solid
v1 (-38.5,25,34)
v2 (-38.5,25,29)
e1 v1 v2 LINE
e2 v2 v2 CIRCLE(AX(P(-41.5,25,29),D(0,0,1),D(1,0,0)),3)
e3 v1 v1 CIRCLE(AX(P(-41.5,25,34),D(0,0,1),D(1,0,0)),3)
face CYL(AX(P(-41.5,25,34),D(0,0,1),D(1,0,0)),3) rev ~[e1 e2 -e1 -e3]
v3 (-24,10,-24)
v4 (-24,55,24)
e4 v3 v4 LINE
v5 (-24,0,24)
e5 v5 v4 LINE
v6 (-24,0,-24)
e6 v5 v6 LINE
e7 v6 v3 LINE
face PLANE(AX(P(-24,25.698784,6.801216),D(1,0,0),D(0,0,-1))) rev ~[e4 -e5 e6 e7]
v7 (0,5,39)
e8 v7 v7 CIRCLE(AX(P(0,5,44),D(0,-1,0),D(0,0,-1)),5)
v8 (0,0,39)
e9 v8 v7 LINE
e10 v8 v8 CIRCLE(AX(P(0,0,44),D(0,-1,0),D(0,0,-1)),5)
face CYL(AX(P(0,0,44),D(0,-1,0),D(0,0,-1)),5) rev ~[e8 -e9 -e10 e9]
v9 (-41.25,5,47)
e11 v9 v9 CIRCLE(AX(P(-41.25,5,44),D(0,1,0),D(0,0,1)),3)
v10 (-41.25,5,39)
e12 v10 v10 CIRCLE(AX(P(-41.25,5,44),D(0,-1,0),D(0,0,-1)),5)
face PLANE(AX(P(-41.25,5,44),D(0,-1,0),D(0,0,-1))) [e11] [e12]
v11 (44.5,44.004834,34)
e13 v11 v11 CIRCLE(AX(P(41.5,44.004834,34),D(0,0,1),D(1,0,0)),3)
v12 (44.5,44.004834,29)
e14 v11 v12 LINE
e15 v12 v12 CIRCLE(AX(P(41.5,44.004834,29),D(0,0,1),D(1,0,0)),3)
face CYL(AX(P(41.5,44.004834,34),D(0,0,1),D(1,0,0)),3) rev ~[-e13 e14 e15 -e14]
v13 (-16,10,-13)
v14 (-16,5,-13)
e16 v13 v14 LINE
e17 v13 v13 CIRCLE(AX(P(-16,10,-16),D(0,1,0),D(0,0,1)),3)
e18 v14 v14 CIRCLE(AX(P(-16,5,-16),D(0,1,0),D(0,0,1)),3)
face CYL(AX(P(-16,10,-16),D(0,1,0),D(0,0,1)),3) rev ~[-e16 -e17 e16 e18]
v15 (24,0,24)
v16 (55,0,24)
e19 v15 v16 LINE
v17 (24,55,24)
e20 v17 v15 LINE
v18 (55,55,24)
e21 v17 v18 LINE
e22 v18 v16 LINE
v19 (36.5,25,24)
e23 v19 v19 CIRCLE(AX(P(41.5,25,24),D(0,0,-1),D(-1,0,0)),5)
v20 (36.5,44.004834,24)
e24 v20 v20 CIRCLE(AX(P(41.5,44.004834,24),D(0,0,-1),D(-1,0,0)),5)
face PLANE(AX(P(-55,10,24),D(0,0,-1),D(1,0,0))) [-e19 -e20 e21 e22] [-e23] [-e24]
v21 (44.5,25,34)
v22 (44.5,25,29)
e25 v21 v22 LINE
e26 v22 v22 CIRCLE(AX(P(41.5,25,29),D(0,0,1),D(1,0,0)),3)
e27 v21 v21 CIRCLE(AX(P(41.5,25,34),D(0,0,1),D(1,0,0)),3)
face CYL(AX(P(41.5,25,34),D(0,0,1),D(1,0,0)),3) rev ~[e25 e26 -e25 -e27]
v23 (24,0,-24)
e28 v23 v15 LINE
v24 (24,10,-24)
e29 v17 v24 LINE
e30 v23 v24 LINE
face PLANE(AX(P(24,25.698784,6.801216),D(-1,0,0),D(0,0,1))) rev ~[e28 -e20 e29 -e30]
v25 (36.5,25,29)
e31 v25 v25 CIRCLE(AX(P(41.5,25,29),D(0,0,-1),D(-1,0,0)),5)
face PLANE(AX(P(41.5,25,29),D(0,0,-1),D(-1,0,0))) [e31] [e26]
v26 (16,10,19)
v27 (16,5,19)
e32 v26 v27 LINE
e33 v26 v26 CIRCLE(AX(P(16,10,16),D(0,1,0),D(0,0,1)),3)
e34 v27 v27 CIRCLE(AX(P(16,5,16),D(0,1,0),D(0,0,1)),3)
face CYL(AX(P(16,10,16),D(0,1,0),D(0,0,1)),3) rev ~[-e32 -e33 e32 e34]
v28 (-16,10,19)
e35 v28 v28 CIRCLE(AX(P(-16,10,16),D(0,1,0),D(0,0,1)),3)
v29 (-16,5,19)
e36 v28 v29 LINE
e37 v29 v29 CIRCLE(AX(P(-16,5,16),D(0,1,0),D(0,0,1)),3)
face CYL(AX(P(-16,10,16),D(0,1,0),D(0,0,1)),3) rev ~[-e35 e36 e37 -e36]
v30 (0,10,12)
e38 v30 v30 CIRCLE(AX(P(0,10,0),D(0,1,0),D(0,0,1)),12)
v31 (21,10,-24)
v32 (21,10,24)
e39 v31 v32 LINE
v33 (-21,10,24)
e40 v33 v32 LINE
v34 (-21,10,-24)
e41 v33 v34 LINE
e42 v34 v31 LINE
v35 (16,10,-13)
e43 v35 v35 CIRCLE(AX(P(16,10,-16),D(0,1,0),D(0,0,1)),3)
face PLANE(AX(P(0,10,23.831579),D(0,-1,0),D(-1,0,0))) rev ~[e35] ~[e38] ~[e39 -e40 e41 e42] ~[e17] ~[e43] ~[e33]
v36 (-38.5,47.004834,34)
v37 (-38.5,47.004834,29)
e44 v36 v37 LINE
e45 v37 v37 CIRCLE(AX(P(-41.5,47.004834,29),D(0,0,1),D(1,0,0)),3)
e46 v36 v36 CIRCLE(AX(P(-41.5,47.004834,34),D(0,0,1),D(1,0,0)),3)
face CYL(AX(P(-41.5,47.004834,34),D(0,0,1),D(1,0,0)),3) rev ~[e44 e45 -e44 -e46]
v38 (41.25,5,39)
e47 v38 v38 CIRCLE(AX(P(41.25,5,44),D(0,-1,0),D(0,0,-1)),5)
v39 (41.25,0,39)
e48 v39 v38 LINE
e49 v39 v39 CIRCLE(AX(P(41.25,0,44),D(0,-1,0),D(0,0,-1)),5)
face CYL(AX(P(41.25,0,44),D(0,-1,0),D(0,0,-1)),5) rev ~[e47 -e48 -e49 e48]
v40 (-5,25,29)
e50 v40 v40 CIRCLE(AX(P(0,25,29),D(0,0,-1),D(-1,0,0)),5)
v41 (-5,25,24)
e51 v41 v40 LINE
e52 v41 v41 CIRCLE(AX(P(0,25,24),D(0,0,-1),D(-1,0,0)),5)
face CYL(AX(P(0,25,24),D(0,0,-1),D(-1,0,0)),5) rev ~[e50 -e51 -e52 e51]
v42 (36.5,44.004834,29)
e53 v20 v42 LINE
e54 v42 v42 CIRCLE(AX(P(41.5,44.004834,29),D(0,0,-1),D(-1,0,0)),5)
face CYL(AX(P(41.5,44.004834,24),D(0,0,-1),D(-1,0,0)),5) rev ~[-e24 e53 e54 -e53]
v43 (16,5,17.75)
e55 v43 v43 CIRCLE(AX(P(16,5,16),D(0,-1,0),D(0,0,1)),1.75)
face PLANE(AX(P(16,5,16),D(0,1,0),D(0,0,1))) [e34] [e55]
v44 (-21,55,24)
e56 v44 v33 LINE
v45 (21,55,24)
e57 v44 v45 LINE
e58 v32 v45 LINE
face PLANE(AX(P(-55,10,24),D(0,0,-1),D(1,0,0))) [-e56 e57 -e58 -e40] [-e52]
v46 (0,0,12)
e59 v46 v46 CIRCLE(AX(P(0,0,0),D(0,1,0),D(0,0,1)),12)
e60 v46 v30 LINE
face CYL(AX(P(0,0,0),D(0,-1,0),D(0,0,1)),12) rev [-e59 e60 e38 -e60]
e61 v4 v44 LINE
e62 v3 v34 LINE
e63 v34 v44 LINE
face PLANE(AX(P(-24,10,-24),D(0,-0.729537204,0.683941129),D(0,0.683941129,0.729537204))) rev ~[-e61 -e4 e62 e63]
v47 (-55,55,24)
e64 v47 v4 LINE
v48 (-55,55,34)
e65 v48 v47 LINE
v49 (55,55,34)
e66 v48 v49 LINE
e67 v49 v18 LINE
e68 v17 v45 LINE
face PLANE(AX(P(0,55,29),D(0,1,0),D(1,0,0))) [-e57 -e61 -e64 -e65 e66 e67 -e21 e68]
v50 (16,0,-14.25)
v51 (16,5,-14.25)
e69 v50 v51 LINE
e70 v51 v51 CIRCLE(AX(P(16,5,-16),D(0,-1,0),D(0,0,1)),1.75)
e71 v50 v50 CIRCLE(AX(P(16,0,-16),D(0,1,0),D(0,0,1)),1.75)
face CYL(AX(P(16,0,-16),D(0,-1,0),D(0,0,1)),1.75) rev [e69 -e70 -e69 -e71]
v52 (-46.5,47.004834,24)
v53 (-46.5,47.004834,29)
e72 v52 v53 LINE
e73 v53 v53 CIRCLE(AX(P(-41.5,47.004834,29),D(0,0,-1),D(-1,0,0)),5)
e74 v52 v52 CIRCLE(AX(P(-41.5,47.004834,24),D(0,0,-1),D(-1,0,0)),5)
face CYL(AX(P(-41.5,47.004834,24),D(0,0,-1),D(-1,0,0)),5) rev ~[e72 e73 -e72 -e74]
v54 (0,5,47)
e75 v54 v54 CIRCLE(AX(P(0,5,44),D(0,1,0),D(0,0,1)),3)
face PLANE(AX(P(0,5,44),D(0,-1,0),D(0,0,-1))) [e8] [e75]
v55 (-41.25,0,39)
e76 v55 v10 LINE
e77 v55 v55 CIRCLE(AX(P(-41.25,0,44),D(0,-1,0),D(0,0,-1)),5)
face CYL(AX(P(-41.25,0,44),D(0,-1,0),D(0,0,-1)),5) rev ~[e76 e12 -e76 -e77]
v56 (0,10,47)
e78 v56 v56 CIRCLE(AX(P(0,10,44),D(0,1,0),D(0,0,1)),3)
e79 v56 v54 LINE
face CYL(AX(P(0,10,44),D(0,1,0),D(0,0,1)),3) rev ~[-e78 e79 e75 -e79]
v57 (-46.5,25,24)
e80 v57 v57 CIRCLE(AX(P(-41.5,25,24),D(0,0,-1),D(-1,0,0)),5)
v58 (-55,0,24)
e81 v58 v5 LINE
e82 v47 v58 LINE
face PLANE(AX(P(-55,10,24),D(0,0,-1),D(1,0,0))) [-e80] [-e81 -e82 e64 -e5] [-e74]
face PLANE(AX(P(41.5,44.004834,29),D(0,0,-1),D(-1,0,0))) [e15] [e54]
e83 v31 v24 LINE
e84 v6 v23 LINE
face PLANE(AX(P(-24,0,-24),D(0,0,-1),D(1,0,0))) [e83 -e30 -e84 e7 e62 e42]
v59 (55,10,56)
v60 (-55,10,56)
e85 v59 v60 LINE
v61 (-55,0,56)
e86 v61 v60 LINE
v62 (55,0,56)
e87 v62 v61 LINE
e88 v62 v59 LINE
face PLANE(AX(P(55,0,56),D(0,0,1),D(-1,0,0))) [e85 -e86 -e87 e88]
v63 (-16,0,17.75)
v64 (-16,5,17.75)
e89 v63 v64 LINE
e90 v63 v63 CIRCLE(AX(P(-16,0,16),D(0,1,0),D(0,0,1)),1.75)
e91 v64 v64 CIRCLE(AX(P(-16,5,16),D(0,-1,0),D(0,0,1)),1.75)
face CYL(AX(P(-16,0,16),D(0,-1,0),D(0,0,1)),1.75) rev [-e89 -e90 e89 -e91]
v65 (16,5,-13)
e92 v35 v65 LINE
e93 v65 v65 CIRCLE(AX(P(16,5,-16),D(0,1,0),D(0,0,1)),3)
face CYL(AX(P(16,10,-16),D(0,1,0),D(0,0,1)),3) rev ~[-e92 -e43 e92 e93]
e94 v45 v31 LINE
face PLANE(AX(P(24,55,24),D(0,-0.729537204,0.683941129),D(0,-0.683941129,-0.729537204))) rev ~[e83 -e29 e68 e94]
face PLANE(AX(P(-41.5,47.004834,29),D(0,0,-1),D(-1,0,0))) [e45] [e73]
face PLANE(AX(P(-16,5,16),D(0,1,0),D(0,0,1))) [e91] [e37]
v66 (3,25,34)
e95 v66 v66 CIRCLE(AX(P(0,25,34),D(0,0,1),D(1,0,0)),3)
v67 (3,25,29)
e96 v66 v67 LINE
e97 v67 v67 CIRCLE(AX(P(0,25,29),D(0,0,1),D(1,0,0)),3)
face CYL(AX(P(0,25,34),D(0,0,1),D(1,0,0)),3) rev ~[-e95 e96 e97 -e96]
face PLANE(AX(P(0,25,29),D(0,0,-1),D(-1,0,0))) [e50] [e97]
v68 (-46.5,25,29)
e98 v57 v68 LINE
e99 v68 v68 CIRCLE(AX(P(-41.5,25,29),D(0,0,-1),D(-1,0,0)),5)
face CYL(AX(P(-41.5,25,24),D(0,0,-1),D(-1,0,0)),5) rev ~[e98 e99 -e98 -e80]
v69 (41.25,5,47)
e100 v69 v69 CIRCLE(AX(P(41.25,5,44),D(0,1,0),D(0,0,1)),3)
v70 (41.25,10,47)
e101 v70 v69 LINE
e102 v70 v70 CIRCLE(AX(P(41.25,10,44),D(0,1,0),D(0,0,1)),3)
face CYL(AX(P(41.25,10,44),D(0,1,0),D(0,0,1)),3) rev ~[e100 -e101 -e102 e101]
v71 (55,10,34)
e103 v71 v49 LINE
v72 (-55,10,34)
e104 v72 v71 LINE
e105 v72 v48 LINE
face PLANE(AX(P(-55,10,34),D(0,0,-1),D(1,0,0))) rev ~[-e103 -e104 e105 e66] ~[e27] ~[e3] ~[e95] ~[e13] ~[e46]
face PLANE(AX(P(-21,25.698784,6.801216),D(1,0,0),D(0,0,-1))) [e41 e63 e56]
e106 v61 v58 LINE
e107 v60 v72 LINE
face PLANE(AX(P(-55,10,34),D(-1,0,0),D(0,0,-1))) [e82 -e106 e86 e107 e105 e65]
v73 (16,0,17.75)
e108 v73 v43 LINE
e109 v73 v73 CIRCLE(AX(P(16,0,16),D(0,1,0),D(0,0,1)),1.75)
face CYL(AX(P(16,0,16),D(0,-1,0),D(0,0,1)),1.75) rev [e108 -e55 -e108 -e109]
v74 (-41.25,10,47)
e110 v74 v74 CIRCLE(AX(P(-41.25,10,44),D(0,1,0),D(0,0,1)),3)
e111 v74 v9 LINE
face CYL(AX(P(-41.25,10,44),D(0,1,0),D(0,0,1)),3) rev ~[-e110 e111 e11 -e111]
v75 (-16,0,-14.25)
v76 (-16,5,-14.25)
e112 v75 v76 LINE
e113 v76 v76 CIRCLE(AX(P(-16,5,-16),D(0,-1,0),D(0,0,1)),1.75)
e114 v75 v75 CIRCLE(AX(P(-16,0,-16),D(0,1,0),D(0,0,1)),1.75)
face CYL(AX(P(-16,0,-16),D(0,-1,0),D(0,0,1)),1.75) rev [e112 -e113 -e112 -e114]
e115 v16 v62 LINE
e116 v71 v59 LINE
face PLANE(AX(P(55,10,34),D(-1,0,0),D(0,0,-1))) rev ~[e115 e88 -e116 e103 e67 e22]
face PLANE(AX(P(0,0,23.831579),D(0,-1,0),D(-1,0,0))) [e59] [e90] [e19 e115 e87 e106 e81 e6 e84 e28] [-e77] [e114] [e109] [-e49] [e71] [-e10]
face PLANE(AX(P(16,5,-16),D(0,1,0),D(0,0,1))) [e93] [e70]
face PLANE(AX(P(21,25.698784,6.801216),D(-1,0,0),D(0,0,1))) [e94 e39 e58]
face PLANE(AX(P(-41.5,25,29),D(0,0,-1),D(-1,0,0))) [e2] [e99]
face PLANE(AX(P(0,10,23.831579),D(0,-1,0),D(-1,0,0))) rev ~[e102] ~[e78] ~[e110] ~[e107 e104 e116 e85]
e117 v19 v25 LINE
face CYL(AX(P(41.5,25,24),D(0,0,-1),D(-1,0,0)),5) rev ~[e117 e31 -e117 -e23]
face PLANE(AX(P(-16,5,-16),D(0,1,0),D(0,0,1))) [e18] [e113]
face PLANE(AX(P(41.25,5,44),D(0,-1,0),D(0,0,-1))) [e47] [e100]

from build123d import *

# Parameters (mm, degrees)
SKETCH_1_R           = 12
SKETCH_1_R_2         = 1.75
EXTRUDE_1_DEPTH      = 10
SKETCH_2_W           = 110
SKETCH_2_H           = 10
EXTRUDE_2_DEPTH      = 45
SKETCH_5_R           = 3
CUT_EXTRUDE_2_DEPTH  = 91.47651629
SKETCH_6_R           = 5
CUT_EXTRUDE_3_DEPTH  = 5
SKETCH_7_R           = 3
CUT_EXTRUDE_4_DEPTH  = 98.025769773
SKETCH_8_R           = 5
CUT_EXTRUDE_5_DEPTH  = 5
EXTRUDE_3_DEPTH      = 3
EXTRUDE_4_DEPTH      = 3
SKETCH_14_R          = 3
CUT_EXTRUDE_9_DEPTH  = 98.025769773
SKETCH_15_R          = 5
CUT_EXTRUDE_10_DEPTH = 5
SKETCH_16_R          = 3
CUT_EXTRUDE_11_DEPTH = 5


with BuildPart() as part:
    # Эскиз1 → Бобышка-Вытянуть1 (new body)
    with BuildSketch(Plane(origin=(0, 0, 0), x_dir=(1, 0, 0), z_dir=(0, 1, 0))):
        Polygon((-24, 24), (24, 24), (24, -24), (55, -24), (55, -56), (-55, -56), (-55, -24), (-24, -24), align=None)
        with Locations(Location((0, 0, 0), (0, 0, 270))):
            Circle(SKETCH_1_R, mode=Mode.SUBTRACT)
        with Locations(Location((-16, 16, 0), (0, 0, 270))):
            Circle(SKETCH_1_R_2, mode=Mode.SUBTRACT)
        with Locations(Location((16, 16, 0), (0, 0, 270))):
            Circle(SKETCH_1_R_2, mode=Mode.SUBTRACT)
        with Locations(Location((16, -16, 0), (0, 0, 270))):
            Circle(SKETCH_1_R_2, mode=Mode.SUBTRACT)
        with Locations(Location((-16, -16, 0), (0, 0, 270))):
            Circle(SKETCH_1_R_2, mode=Mode.SUBTRACT)
    extrude(amount=EXTRUDE_1_DEPTH)

    # Эскиз2 → Бобышка-Вытянуть2 (add)
    with BuildSketch(Plane(origin=(0, 10, 0), x_dir=(1, 0, 0), z_dir=(0, 1, 0))):
        with Locations((0, -29)):
            Rectangle(SKETCH_2_W, SKETCH_2_H)
    extrude(amount=EXTRUDE_2_DEPTH)

    # Эскиз5 → Вырез-Вытянуть2 (cut, through all)
    with BuildSketch(Plane(origin=(0, 10, 0), x_dir=(1, 0, 0), z_dir=(0, 1, 0))):
        with Locations(Location((-41.25, -44, 0), (0, 0, 270))):
            Circle(SKETCH_5_R)
        with Locations(Location((0, -44, 0), (0, 0, 270))):
            Circle(SKETCH_5_R)
        with Locations(Location((41.25, -44, 0), (0, 0, 270))):
            Circle(SKETCH_5_R)
    extrude(amount=-CUT_EXTRUDE_2_DEPTH, mode=Mode.SUBTRACT)

    # Эскиз6 → Вырез-Вытянуть3 (cut)
    with BuildSketch(Plane.XZ):
        with Locations(Location((-41.25, 44, 0), (0, 0, 270))):
            Circle(SKETCH_6_R)
        with Locations(Location((0, 44, 0), (0, 0, 270))):
            Circle(SKETCH_6_R)
        with Locations(Location((41.25, 44, 0), (0, 0, 270))):
            Circle(SKETCH_6_R)
    extrude(amount=-CUT_EXTRUDE_3_DEPTH, mode=Mode.SUBTRACT)

    # Эскиз7 → Вырез-Вытянуть4 (cut, through all)
    with BuildSketch(Plane.XY.offset(34)):
        with Locations((-41.5, 25)):
            Circle(SKETCH_7_R)
        with Locations((41.5, 25)):
            Circle(SKETCH_7_R)
        with Locations((0, 25)):
            Circle(SKETCH_7_R)
    extrude(amount=-CUT_EXTRUDE_4_DEPTH, mode=Mode.SUBTRACT)

    # Эскиз8 → Вырез-Вытянуть5 (cut)
    with BuildSketch(Plane(origin=(0, 0, 24), x_dir=(-1, 0, 0), z_dir=(0, 0, -1))):
        with Locations((-41.5, 25)):
            Circle(SKETCH_8_R)
        with Locations((0, 25)):
            Circle(SKETCH_8_R)
        with Locations((41.5, 25)):
            Circle(SKETCH_8_R)
    extrude(amount=-CUT_EXTRUDE_5_DEPTH, mode=Mode.SUBTRACT)

    # Эскиз10 → Бобышка-Вытянуть3 (add)
    with BuildSketch(Plane(origin=(24, 0, 0), x_dir=(0, 0, -1), z_dir=(1, 0, 0))):
        Polygon((-24, 10), (-24, 55), (24, 10), align=None)
    extrude(amount=-EXTRUDE_3_DEPTH)

    # Эскиз11 → Бобышка-Вытянуть4 (add)
    with BuildSketch(Plane.ZY.offset(24)):
        Polygon((24, 10), (-24, 10), (24, 55), align=None)
    extrude(amount=-EXTRUDE_4_DEPTH)

    # Эскиз14 → Вырез-Вытянуть9 (cut, through all)
    with BuildSketch(Plane.XY.offset(34)):
        with Locations((-41.5, 47.004834378)):
            Circle(SKETCH_14_R)
        with Locations((41.5, 44.004834378)):
            Circle(SKETCH_14_R)
    extrude(amount=-CUT_EXTRUDE_9_DEPTH, mode=Mode.SUBTRACT)

    # Эскиз15 → Вырез-Вытянуть10 (cut)
    with BuildSketch(Plane(origin=(0, 0, 24), x_dir=(-1, 0, 0), z_dir=(0, 0, -1))):
        with Locations((41.5, 47.004834378)):
            Circle(SKETCH_15_R)
        with Locations((-41.5, 44.004834378)):
            Circle(SKETCH_15_R)
    extrude(amount=-CUT_EXTRUDE_10_DEPTH, mode=Mode.SUBTRACT)

    # Эскиз16 → Вырез-Вытянуть11 (cut)
    with BuildSketch(Plane(origin=(0, 10, 0), x_dir=(1, 0, 0), z_dir=(0, 1, 0))):
        with Locations(Location((16, 16, 0), (0, 0, 270))):
            Circle(SKETCH_16_R)
        with Locations(Location((16, -16, 0), (0, 0, 270))):
            Circle(SKETCH_16_R)
        with Locations(Location((-16, 16, 0), (0, 0, 270))):
            Circle(SKETCH_16_R)
        with Locations(Location((-16, -16, 0), (0, 0, 270))):
            Circle(SKETCH_16_R)
    extrude(amount=-CUT_EXTRUDE_11_DEPTH, mode=Mode.SUBTRACT)


solid = part.part
